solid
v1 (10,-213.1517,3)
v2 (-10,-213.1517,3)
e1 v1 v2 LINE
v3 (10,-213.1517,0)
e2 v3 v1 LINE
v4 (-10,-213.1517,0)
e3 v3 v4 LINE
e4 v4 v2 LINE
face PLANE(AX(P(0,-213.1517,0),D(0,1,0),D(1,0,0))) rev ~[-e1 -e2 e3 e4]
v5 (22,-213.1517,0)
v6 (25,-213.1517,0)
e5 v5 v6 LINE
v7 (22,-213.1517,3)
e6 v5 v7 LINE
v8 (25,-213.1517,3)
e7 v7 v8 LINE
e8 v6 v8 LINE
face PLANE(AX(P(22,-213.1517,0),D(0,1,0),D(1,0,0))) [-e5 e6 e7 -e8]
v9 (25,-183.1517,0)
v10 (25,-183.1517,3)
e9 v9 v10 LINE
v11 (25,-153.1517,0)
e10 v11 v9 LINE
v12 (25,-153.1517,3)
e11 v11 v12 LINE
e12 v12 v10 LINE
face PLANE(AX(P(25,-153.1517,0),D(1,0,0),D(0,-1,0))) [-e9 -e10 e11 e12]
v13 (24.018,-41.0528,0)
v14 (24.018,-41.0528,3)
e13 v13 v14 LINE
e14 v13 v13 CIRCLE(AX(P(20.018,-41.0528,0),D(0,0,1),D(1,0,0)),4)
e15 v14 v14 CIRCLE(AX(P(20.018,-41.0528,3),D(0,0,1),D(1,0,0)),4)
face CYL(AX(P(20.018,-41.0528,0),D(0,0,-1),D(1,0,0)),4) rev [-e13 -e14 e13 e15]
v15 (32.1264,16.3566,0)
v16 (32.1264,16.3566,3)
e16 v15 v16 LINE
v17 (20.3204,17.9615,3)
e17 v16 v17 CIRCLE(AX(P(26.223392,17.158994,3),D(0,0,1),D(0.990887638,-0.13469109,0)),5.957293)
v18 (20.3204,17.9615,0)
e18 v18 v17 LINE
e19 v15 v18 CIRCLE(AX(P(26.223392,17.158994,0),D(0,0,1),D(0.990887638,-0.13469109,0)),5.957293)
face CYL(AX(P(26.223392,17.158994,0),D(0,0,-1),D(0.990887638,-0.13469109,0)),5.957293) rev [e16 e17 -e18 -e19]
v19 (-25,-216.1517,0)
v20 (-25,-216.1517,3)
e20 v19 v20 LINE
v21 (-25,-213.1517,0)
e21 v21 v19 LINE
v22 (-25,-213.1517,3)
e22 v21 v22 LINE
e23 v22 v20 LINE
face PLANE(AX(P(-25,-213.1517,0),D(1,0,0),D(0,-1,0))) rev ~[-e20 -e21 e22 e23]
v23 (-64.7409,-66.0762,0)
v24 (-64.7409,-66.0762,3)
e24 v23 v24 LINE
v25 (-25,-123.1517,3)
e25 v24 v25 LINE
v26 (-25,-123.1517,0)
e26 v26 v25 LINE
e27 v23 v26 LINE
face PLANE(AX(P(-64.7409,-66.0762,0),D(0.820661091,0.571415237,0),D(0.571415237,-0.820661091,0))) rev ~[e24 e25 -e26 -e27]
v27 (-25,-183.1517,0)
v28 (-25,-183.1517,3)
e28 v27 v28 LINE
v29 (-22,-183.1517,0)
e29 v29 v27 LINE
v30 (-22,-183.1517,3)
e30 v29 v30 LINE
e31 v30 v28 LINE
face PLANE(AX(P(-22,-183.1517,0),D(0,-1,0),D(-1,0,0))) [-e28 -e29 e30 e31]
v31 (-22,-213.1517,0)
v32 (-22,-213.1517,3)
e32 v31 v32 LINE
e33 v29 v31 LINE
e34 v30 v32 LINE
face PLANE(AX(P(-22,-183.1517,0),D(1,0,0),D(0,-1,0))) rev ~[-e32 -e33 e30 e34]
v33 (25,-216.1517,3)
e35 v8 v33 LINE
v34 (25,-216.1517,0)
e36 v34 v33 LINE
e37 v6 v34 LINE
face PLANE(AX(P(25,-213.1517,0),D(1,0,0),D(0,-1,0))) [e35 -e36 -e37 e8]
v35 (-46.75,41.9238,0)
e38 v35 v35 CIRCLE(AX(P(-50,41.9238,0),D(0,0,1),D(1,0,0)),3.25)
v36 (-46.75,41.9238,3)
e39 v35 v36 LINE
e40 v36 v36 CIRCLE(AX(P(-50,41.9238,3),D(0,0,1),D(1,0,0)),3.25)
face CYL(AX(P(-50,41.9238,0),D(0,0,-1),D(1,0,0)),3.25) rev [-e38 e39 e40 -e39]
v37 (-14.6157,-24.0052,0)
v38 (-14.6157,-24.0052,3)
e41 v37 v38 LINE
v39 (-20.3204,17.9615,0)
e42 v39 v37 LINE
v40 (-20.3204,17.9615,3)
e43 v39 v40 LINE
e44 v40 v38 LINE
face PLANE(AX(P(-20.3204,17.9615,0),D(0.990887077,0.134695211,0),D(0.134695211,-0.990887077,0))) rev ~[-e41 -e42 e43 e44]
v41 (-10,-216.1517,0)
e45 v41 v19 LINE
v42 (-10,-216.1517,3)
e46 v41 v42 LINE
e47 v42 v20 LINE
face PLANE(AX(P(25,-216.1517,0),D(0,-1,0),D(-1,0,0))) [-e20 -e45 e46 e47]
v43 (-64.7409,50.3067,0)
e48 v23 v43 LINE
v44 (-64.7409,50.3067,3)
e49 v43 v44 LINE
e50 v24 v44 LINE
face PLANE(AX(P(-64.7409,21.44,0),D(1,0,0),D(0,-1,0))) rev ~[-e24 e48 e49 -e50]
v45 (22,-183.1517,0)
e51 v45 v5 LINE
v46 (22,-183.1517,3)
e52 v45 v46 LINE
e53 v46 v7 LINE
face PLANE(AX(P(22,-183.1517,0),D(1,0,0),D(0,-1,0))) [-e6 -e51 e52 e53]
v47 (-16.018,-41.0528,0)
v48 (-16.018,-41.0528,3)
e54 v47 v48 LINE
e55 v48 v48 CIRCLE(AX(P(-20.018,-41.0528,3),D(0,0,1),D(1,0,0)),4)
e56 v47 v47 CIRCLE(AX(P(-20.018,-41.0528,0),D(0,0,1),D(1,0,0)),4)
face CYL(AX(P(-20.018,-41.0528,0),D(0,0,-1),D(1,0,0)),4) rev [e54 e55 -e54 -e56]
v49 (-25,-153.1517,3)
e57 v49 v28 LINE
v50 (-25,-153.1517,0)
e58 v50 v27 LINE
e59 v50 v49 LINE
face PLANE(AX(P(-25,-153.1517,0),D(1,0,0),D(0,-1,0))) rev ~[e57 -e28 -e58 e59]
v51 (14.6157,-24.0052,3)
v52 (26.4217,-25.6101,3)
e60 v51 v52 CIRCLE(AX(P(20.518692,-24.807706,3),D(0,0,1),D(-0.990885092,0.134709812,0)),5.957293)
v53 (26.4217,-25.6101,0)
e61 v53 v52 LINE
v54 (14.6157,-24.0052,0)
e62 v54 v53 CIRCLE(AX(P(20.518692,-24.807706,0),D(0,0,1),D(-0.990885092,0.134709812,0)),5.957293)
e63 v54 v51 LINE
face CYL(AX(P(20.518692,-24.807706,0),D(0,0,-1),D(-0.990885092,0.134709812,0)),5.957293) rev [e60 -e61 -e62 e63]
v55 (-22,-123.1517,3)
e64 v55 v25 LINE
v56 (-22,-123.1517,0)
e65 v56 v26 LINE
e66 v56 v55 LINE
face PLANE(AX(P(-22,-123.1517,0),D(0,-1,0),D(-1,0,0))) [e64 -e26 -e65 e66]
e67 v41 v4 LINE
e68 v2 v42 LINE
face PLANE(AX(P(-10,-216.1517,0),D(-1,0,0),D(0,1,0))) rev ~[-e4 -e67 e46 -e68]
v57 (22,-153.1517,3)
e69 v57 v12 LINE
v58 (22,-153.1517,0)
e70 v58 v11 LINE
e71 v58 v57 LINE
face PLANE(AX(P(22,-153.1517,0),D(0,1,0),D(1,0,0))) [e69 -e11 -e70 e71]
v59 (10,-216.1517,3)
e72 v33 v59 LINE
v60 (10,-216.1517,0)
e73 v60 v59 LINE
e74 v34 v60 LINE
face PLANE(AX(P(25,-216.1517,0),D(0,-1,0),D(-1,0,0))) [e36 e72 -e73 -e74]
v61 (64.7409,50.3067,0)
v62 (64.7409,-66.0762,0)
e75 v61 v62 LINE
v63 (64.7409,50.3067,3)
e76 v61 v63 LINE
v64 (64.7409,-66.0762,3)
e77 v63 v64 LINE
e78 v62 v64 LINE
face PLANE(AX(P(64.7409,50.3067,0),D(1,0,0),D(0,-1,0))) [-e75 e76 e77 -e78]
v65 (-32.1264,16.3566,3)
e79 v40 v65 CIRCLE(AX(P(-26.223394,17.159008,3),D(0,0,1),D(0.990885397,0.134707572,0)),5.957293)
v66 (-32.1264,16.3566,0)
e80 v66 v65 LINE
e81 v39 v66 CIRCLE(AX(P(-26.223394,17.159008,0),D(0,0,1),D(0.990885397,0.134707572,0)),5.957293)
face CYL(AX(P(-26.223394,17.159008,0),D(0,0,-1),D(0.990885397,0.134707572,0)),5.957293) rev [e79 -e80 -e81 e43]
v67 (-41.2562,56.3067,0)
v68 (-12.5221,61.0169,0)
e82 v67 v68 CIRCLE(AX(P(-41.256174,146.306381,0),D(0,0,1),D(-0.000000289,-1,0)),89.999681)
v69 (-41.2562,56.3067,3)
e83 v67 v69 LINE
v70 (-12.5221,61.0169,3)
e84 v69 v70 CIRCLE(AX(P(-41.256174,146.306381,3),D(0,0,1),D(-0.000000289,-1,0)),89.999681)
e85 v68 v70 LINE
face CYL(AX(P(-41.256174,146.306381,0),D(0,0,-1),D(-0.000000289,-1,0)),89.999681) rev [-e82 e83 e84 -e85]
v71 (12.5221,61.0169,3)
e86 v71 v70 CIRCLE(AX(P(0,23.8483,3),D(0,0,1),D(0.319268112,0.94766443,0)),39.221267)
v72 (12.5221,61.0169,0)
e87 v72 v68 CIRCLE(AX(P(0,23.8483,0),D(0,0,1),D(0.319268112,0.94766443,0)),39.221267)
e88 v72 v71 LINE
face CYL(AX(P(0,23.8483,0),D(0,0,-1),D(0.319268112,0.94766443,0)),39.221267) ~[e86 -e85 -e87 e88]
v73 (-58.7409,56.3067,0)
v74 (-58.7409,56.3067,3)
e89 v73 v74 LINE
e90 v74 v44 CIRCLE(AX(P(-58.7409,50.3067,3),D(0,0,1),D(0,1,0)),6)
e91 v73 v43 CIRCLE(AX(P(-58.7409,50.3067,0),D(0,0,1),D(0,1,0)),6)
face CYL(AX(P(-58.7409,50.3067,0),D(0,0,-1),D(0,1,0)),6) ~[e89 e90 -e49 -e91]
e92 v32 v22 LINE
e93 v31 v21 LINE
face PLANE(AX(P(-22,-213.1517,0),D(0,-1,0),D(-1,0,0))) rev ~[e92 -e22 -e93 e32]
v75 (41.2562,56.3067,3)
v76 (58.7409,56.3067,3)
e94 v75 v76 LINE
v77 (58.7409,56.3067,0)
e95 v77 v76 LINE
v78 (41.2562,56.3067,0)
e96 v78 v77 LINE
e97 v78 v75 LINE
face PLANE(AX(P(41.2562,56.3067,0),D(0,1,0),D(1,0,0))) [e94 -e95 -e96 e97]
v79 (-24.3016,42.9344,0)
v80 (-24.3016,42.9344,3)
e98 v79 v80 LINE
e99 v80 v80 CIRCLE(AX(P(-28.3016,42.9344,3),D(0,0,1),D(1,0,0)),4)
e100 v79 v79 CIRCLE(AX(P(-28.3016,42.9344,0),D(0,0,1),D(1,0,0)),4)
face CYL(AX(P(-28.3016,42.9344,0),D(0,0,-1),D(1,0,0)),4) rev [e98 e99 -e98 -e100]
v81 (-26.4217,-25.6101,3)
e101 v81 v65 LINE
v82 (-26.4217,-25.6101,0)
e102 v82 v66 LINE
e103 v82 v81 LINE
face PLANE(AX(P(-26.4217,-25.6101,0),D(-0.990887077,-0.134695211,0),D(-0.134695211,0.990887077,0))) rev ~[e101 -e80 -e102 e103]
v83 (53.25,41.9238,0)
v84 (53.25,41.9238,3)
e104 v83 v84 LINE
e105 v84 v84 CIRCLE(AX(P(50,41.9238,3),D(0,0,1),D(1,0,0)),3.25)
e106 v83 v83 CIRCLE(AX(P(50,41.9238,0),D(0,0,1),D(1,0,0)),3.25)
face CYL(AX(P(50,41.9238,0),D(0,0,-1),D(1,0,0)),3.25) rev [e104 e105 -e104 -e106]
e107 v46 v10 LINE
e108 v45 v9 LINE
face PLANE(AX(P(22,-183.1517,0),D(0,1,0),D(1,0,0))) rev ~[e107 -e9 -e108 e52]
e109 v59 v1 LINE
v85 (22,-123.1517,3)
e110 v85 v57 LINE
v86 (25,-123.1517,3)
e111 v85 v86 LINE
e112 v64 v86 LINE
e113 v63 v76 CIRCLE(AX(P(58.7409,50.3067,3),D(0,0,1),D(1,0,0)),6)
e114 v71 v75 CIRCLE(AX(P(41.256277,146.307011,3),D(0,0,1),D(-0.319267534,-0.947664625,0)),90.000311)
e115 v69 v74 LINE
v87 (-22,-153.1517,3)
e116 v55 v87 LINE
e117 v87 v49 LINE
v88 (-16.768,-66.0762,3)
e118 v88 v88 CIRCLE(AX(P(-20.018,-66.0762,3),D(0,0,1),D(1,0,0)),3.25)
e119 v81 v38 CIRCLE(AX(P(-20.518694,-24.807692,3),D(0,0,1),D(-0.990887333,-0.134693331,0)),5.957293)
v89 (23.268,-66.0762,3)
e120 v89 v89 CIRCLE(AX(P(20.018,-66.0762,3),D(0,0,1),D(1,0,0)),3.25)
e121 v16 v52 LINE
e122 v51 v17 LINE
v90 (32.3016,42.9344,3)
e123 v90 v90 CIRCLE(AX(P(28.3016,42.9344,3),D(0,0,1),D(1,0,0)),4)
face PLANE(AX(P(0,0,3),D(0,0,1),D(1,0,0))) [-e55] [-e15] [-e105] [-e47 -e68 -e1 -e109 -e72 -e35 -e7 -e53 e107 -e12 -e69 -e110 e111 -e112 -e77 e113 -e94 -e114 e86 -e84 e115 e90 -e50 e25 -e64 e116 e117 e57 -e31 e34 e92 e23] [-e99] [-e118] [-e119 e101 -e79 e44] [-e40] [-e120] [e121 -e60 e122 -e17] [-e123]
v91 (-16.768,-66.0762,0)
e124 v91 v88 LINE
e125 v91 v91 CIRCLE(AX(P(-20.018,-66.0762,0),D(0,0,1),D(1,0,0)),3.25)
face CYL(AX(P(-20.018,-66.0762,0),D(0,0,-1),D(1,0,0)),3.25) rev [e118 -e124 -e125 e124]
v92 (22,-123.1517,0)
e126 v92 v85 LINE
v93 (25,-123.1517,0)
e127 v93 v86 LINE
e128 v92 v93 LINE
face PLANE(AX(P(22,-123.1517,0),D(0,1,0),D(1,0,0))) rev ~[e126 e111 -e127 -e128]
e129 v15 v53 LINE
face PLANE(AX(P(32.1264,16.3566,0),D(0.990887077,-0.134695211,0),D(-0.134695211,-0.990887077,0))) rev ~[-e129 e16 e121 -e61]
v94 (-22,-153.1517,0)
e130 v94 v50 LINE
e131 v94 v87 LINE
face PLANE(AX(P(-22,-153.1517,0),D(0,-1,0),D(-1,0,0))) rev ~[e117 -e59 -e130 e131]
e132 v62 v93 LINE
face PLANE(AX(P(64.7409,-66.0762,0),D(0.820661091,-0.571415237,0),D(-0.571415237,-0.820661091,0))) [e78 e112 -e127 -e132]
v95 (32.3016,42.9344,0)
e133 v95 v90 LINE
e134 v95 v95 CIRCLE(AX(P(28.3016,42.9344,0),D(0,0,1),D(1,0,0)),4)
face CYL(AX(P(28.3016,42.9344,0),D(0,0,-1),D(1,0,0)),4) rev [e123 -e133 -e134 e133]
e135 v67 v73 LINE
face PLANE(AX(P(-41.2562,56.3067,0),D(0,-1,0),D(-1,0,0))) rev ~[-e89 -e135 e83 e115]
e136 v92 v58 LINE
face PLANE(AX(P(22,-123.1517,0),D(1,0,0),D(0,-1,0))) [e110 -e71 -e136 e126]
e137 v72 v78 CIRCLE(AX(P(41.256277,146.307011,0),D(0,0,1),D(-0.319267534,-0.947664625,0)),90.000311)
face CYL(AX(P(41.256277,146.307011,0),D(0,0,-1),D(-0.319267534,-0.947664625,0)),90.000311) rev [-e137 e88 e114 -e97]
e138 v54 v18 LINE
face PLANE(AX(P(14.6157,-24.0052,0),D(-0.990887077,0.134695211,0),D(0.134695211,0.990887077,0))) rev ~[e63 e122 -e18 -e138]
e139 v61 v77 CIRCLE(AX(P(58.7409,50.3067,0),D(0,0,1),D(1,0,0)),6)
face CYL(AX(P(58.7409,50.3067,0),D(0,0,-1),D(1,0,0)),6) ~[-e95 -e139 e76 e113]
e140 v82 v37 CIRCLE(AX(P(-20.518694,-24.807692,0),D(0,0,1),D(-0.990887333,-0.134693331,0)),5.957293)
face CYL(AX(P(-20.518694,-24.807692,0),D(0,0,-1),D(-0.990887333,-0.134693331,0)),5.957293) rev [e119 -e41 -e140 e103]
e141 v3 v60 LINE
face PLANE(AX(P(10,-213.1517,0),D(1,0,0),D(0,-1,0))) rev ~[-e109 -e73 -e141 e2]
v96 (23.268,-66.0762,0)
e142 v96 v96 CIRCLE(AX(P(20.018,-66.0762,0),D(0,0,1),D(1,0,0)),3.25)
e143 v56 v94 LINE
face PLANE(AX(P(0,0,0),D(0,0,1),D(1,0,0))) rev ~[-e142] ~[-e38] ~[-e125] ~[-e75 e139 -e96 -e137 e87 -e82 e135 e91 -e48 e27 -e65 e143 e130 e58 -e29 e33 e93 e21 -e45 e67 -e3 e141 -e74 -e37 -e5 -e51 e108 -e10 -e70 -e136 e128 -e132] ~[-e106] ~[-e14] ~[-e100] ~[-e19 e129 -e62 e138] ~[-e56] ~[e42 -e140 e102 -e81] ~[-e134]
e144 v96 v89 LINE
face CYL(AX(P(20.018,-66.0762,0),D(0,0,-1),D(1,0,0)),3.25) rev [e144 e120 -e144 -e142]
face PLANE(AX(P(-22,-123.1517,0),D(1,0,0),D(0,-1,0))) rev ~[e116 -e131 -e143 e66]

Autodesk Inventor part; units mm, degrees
ref_plane "YZ Plane" through (0, 0, 0) normal (1, 0, 0) x (0, 1, 0)
ref_plane "XZ Plane" through (0, 0, 0) normal (0, 1, 0) x (-1, 0, 0)
ref_plane "XY Plane" through (0, 0, 0) normal (0, 0, 1) x (1, 0, 0)
sketch "Sketch1" plane through (0, 0, 0) normal (0, 0, 1) x (1, 0, 0)
  arc A0 (-20.3204, 17.9615) -> (-32.1264, 16.3566) centre (-26.2234, 17.159) ccw
  line L0 (-20.3204, 17.9615) -> (-14.6157, -24.0052)
  arc A1 (-26.4217, -25.6101) -> (-14.6157, -24.0052) centre (-20.5187, -24.8077) ccw
  line L1 (-26.4217, -25.6101) -> (-32.1264, 16.3566)
  arc A2 (-17.4681, 46.3619) -> (-13.8821, 37.9739) centre (-13.8821, 42.9344) ccw
  arc A3 (17.4681, 46.3619) -> (-17.4681, 46.3619) centre (0, 29.6659) ccw
  arc A4 (13.8821, 37.9739) -> (17.4681, 46.3619) centre (13.8821, 42.9344) ccw
  line L2 (13.8821, 37.9739) -> (-13.8821, 37.9739)
  arc A5 (32.1264, 16.3566) -> (20.3204, 17.9615) centre (26.2234, 17.159) ccw
  line L3 (32.1264, 16.3566) -> (26.4217, -25.6101)
  arc A6 (14.6157, -24.0052) -> (26.4217, -25.6101) centre (20.5187, -24.8077) ccw
  line L4 (14.6157, -24.0052) -> (20.3204, 17.9615)
  circle A7 centre (-28.3016, 42.9344) radius 4
  circle A8 centre (-20.018, -41.0528) radius 4
  circle A9 centre (20.018, -41.0528) radius 4
  circle A10 centre (28.3016, 42.9344) radius 4
  circle A11 centre (-50, 41.9238) radius 3.25
  circle A12 centre (50, 41.9238) radius 3.25
  circle A13 centre (20.018, -66.0762) radius 3.25
  circle A14 centre (-20.018, -66.0762) radius 3.25
  line L5 (64.7409, 50.3067) -> (64.7409, 34.44)
  arc A15 (64.7409, 50.3067) -> (58.7409, 56.3067) centre (58.7409, 50.3067) ccw
  line L6 (41.2562, 56.3067) -> (58.7409, 56.3067)
  arc A16 (12.5221, 61.0169) -> (41.2562, 56.3067) centre (41.2562, 146.3067) ccw
  arc A17 (12.5221, 61.0169) -> (-12.5221, 61.0169) centre (0, 23.8483) ccw
  arc A18 (-41.2562, 56.3067) -> (-12.5221, 61.0169) centre (-41.2562, 146.3067) ccw
  line L7 (-41.2562, 56.3067) -> (-58.7409, 56.3067)
  arc A19 (-58.7409, 56.3067) -> (-64.7409, 50.3067) centre (-58.7409, 50.3067) ccw
  line L8 (-64.7409, 50.3067) -> (-64.7409, 21.44)
  line L9 (-64.7409, 21.44) -> (-64.7409, -66.0762)
  line L10 (22, -123.1517) -> (25, -123.1517)
  line L11 (22, -153.1517) -> (25, -153.1517)
  line L12 (22, -183.1517) -> (25, -183.1517)
  line L13 (22, -213.1517) -> (25, -213.1517)
  line L14 (22, -183.1517) -> (22, -213.1517)
  line L15 (22, -123.1517) -> (22, -153.1517)
  line L16 (25, -153.1517) -> (25, -183.1517)
  line L17 (64.7409, -66.0762) -> (-64.7409, -66.0762) construction
  line L18 (64.7409, 34.44) -> (64.7409, -66.0762)
  line L19 (64.7409, -66.0762) -> (25, -123.1517)
  line L20 (25, -213.1517) -> (25, -216.1517)
  line L21 (25, -216.1517) -> (0, -216.1517)
  line L22 (0, -216.1517) -> (0, -66.0762)
  line L23 (-22, -123.1517) -> (-25, -123.1517)
  line L24 (-22, -153.1517) -> (-25, -153.1517)
  line L25 (-22, -183.1517) -> (-25, -183.1517)
  line L26 (-22, -213.1517) -> (-25, -213.1517)
  line L27 (-22, -183.1517) -> (-22, -213.1517)
  line L28 (-22, -123.1517) -> (-22, -153.1517)
  line L29 (-25, -153.1517) -> (-25, -183.1517)
  line L30 (-64.7409, -66.0762) -> (-25, -123.1517)
  line L31 (-25, -213.1517) -> (-25, -216.1517)
  line L32 (-25, -216.1517) -> (0, -216.1517)
  point P0 (20.018, -66.0762)
  point P1 (-64.7409, -22.3181)
  point P2 (27.0258, 23.062)
  point P3 (64.7409, 42.3734)
  dimension "d5" = 30
  dimension "d6" = 30
  dimension "d7" = 30
  dimension "d10" = 3
  dimension "d11" = 3
  dimension "d12" = 240
  dimension "d13" = 50
extrude "Extrusion1" add sketch "Sketch1" along normal blind 3 contours A3 A4 L2 A2 | L5 L18 L19 L10 L15 L11 L16 L12 L14 L13 L20 L21 L32 L31 L26 L27 L25 L29 L24 L28 L23 L30 L9 L8 A19 L7 A18 A17 A16 L6 A15
sketch "Sketch2" plane through (0, 0, 0) normal (0, 0, -1) x (-1, 0, 0)
  line L0 (-25, -216.1517) -> (25, -216.1517) projected
  line L1 (-10, -216.1517) -> (10, -216.1517)
  line L2 (10, -216.1517) -> (10, -213.1517)
  line L3 (10, -213.1517) -> (-10, -213.1517)
  line L4 (-10, -213.1517) -> (-10, -216.1517)
  line L5 (0, -213.1517) -> (0, -190.7997)
  point P0 (0, 0)
  dimension "d16" = 20
  dimension "d17" = 3
extrude "Extrusion2" cut sketch "Sketch2" against normal blind 6
properties part number "Arm - stand plate"
